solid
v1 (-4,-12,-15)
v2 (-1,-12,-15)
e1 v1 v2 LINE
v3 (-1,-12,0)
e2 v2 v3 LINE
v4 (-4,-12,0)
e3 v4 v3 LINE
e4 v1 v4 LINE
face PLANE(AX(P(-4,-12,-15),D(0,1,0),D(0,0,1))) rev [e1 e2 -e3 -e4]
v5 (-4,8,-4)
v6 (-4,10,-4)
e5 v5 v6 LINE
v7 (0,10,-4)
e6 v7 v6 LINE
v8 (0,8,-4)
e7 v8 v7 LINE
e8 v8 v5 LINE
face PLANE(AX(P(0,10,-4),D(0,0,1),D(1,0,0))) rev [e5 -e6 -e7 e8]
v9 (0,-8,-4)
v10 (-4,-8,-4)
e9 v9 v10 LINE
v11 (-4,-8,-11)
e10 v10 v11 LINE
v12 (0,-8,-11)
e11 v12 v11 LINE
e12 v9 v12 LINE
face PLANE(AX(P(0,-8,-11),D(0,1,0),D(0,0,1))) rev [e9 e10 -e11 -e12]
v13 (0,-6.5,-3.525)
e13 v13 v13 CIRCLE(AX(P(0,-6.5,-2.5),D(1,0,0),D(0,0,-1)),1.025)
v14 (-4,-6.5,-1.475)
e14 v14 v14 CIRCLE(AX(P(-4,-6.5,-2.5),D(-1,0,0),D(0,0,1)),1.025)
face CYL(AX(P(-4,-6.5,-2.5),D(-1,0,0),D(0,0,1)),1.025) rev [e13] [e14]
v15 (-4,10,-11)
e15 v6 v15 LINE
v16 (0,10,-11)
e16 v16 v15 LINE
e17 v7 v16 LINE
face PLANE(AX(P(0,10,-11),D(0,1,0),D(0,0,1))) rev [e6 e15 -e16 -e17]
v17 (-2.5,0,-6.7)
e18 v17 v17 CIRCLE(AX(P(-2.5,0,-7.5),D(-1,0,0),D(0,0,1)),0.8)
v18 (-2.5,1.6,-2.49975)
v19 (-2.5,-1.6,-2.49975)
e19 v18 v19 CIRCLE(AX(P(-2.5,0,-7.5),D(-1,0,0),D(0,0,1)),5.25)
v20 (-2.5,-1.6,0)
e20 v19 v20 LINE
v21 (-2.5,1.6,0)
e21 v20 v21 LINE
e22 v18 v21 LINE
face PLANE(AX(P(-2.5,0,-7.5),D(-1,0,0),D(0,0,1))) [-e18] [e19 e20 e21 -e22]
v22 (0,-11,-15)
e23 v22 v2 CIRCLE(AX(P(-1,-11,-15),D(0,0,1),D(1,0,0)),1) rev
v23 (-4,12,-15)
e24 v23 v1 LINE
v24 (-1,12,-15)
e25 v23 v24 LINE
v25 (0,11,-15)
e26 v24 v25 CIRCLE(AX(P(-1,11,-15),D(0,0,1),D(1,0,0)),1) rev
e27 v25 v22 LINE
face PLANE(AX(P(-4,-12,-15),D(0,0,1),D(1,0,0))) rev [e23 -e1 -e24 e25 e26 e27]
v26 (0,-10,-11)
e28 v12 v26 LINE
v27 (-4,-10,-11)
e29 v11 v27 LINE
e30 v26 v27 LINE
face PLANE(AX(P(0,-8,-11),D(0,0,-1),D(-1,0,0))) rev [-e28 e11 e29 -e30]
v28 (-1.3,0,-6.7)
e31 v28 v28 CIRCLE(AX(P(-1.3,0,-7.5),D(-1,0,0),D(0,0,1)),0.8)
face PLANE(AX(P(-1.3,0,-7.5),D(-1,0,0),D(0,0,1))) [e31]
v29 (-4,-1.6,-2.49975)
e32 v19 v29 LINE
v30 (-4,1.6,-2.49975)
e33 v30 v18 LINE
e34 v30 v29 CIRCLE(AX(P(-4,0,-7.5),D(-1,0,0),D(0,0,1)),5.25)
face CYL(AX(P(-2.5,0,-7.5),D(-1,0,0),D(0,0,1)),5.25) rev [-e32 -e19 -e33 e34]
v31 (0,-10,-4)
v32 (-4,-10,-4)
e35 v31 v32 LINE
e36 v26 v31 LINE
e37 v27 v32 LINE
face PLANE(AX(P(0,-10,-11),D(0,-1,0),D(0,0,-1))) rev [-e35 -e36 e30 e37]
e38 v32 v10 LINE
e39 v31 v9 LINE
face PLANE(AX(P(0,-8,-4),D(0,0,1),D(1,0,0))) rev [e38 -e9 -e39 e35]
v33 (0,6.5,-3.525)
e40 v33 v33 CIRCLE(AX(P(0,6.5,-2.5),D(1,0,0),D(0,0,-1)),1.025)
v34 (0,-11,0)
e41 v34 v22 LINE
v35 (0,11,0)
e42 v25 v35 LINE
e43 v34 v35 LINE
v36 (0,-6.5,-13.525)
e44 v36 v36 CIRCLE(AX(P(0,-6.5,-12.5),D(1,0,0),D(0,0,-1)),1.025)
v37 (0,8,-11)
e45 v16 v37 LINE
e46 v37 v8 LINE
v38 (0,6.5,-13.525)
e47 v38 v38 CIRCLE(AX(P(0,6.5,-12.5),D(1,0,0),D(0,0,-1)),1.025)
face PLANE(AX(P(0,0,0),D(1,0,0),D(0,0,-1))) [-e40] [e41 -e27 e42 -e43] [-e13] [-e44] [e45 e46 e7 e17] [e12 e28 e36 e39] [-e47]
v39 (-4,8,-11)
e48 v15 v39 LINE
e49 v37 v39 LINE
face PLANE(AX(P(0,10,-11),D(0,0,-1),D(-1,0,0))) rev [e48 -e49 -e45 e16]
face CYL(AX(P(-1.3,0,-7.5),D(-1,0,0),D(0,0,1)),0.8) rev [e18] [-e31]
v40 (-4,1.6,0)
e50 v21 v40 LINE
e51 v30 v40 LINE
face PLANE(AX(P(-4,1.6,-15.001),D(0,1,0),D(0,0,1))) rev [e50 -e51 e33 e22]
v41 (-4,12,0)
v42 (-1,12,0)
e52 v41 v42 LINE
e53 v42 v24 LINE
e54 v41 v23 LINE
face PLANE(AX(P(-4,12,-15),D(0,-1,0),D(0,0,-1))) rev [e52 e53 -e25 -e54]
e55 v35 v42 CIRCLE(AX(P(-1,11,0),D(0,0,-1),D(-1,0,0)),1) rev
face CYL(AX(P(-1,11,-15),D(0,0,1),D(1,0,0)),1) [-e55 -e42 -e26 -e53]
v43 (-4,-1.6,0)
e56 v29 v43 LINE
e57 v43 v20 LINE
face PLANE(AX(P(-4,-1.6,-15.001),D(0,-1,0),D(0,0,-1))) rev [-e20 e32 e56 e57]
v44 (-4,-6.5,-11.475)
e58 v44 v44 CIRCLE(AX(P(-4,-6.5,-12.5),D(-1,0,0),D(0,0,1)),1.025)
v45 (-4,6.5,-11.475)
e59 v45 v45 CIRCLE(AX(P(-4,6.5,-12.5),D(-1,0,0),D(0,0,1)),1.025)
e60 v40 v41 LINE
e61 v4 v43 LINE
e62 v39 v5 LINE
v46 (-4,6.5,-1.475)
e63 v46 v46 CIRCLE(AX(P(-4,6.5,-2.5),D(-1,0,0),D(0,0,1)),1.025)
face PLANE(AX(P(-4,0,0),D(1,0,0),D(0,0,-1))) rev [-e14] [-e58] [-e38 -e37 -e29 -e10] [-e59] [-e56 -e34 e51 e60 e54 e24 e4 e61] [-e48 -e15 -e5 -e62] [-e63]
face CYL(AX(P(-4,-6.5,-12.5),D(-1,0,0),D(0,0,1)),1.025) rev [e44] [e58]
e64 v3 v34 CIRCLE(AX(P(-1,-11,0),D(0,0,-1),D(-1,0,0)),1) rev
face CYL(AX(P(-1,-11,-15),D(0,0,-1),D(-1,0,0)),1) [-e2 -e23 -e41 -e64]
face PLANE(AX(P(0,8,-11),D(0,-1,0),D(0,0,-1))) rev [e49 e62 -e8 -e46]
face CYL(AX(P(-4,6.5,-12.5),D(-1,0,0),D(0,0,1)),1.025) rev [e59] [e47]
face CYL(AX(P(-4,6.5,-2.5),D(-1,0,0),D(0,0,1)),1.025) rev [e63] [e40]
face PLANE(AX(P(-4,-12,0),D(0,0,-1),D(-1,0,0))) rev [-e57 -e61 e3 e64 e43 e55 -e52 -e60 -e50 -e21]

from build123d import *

# Parameters (mm, degrees)
SKETCH1_W                    = 15
SKETCH1_H                    = 24
BOSS_EXTRUDE1_DEPTH          = 4
SKETCH2_R                    = 5.25
CUT_EXTRUDE1_DEPTH           = 1.5
CUT_EXTRUDE2_REACH           = 23.213
CUT_EXTRUDE2_END_RADIUS      = 5.25
SKETCH3_W                    = 1.5
SKETCH3_H                    = 3.2
SKETCH4_R                    = 0.8
CUT_EXTRUDE3_DEPTH           = 1.2
SKETCH5_W                    = 7
SKETCH5_H                    = 2
CUT_EXTRUDE4_DEPTH           = 20.62141687
M2_5X0_45_TAPPED_HOLE1_D     = 2.05
M2_5X0_45_TAPPED_HOLE1_DEPTH = 6.35
M2_5X0_45_TAPPED_HOLE1_TIP   = 0.615882135
FILLET1_R                    = 1


with BuildPart() as part:
    # Sketch1 → Boss-Extrude1 (new body)
    with BuildSketch(Plane(origin=(0, 0, -7.5), x_dir=(0, 0, 1), z_dir=(-1, 0, 0))):
        Rectangle(SKETCH1_W, SKETCH1_H)
    extrude(amount=BOSS_EXTRUDE1_DEPTH)

    # Sketch2 → Cut-Extrude1 (cut)
    with BuildSketch(Plane.ZY.offset(4)):
        with Locations((-7.5, 0)):
            Circle(SKETCH2_R)
    extrude(amount=-CUT_EXTRUDE1_DEPTH, mode=Mode.SUBTRACT)

    # Cut-Extrude2: up to this cylinder (the profile starts outside it)
    cut_extrude2_end = Plane(origin=(-3.25, 0, -7.5), z_dir=(-1, 0, 0)) * Cylinder(CUT_EXTRUDE2_END_RADIUS, 57.926, mode=Mode.PRIVATE)
    # Sketch3 → Cut-Extrude2 (cut, up to the surface)
    with BuildSketch(Plane(origin=(5, 0, 0), x_dir=(1, 0, 0), z_dir=(0, 0, 1)), mode=Mode.PRIVATE) as cut_extrude2_sk1:
        with Locations((-8.25, 0)):
            Rectangle(SKETCH3_W, SKETCH3_H)
    cut_extrude2_tool1 = extrude(cut_extrude2_sk1.sketch, amount=-CUT_EXTRUDE2_REACH, mode=Mode.PRIVATE) - cut_extrude2_end
    add(cut_extrude2_tool1.solids().sort_by_distance((-3.25, 0, 0))[0], mode=Mode.SUBTRACT)

    # Sketch4 → Cut-Extrude3 (cut)
    with BuildSketch(Plane.ZY.offset(2.5)):
        with Locations((-7.5, 0)):
            Circle(SKETCH4_R)
    extrude(amount=-CUT_EXTRUDE3_DEPTH, mode=Mode.SUBTRACT)

    # Sketch5 → Cut-Extrude4 (cut, through all)
    with BuildSketch(Plane.ZY.offset(4)):
        with Locations((-7.5, 9)):
            Rectangle(SKETCH5_W, SKETCH5_H)
        with Locations((-7.5, -9)):
            Rectangle(SKETCH5_W, SKETCH5_H)
    extrude(amount=-CUT_EXTRUDE4_DEPTH, mode=Mode.SUBTRACT)

    # M2.5x0.45 Tapped Hole1
    with Locations(Plane.ZY.offset(4)):
        with Locations((-12.5, -6.5), (-12.5, 6.5), (-2.5, 6.5), (-2.5, -6.5)):
            Hole(M2_5X0_45_TAPPED_HOLE1_D / 2, depth=M2_5X0_45_TAPPED_HOLE1_DEPTH)
            with Locations((0, 0, -(M2_5X0_45_TAPPED_HOLE1_DEPTH + M2_5X0_45_TAPPED_HOLE1_TIP / 2))):  # 118° drill point
                Cone(0, M2_5X0_45_TAPPED_HOLE1_D / 2, M2_5X0_45_TAPPED_HOLE1_TIP, mode=Mode.SUBTRACT)

    # Fillet1
    fillet1_edges = [part.edges().sort_by_distance(p)[0] for p in [
        (0, -12, -7.5),
        (0, 12, -7.5),
    ]]
    fillet(fillet1_edges, radius=FILLET1_R)


solid = part.part
